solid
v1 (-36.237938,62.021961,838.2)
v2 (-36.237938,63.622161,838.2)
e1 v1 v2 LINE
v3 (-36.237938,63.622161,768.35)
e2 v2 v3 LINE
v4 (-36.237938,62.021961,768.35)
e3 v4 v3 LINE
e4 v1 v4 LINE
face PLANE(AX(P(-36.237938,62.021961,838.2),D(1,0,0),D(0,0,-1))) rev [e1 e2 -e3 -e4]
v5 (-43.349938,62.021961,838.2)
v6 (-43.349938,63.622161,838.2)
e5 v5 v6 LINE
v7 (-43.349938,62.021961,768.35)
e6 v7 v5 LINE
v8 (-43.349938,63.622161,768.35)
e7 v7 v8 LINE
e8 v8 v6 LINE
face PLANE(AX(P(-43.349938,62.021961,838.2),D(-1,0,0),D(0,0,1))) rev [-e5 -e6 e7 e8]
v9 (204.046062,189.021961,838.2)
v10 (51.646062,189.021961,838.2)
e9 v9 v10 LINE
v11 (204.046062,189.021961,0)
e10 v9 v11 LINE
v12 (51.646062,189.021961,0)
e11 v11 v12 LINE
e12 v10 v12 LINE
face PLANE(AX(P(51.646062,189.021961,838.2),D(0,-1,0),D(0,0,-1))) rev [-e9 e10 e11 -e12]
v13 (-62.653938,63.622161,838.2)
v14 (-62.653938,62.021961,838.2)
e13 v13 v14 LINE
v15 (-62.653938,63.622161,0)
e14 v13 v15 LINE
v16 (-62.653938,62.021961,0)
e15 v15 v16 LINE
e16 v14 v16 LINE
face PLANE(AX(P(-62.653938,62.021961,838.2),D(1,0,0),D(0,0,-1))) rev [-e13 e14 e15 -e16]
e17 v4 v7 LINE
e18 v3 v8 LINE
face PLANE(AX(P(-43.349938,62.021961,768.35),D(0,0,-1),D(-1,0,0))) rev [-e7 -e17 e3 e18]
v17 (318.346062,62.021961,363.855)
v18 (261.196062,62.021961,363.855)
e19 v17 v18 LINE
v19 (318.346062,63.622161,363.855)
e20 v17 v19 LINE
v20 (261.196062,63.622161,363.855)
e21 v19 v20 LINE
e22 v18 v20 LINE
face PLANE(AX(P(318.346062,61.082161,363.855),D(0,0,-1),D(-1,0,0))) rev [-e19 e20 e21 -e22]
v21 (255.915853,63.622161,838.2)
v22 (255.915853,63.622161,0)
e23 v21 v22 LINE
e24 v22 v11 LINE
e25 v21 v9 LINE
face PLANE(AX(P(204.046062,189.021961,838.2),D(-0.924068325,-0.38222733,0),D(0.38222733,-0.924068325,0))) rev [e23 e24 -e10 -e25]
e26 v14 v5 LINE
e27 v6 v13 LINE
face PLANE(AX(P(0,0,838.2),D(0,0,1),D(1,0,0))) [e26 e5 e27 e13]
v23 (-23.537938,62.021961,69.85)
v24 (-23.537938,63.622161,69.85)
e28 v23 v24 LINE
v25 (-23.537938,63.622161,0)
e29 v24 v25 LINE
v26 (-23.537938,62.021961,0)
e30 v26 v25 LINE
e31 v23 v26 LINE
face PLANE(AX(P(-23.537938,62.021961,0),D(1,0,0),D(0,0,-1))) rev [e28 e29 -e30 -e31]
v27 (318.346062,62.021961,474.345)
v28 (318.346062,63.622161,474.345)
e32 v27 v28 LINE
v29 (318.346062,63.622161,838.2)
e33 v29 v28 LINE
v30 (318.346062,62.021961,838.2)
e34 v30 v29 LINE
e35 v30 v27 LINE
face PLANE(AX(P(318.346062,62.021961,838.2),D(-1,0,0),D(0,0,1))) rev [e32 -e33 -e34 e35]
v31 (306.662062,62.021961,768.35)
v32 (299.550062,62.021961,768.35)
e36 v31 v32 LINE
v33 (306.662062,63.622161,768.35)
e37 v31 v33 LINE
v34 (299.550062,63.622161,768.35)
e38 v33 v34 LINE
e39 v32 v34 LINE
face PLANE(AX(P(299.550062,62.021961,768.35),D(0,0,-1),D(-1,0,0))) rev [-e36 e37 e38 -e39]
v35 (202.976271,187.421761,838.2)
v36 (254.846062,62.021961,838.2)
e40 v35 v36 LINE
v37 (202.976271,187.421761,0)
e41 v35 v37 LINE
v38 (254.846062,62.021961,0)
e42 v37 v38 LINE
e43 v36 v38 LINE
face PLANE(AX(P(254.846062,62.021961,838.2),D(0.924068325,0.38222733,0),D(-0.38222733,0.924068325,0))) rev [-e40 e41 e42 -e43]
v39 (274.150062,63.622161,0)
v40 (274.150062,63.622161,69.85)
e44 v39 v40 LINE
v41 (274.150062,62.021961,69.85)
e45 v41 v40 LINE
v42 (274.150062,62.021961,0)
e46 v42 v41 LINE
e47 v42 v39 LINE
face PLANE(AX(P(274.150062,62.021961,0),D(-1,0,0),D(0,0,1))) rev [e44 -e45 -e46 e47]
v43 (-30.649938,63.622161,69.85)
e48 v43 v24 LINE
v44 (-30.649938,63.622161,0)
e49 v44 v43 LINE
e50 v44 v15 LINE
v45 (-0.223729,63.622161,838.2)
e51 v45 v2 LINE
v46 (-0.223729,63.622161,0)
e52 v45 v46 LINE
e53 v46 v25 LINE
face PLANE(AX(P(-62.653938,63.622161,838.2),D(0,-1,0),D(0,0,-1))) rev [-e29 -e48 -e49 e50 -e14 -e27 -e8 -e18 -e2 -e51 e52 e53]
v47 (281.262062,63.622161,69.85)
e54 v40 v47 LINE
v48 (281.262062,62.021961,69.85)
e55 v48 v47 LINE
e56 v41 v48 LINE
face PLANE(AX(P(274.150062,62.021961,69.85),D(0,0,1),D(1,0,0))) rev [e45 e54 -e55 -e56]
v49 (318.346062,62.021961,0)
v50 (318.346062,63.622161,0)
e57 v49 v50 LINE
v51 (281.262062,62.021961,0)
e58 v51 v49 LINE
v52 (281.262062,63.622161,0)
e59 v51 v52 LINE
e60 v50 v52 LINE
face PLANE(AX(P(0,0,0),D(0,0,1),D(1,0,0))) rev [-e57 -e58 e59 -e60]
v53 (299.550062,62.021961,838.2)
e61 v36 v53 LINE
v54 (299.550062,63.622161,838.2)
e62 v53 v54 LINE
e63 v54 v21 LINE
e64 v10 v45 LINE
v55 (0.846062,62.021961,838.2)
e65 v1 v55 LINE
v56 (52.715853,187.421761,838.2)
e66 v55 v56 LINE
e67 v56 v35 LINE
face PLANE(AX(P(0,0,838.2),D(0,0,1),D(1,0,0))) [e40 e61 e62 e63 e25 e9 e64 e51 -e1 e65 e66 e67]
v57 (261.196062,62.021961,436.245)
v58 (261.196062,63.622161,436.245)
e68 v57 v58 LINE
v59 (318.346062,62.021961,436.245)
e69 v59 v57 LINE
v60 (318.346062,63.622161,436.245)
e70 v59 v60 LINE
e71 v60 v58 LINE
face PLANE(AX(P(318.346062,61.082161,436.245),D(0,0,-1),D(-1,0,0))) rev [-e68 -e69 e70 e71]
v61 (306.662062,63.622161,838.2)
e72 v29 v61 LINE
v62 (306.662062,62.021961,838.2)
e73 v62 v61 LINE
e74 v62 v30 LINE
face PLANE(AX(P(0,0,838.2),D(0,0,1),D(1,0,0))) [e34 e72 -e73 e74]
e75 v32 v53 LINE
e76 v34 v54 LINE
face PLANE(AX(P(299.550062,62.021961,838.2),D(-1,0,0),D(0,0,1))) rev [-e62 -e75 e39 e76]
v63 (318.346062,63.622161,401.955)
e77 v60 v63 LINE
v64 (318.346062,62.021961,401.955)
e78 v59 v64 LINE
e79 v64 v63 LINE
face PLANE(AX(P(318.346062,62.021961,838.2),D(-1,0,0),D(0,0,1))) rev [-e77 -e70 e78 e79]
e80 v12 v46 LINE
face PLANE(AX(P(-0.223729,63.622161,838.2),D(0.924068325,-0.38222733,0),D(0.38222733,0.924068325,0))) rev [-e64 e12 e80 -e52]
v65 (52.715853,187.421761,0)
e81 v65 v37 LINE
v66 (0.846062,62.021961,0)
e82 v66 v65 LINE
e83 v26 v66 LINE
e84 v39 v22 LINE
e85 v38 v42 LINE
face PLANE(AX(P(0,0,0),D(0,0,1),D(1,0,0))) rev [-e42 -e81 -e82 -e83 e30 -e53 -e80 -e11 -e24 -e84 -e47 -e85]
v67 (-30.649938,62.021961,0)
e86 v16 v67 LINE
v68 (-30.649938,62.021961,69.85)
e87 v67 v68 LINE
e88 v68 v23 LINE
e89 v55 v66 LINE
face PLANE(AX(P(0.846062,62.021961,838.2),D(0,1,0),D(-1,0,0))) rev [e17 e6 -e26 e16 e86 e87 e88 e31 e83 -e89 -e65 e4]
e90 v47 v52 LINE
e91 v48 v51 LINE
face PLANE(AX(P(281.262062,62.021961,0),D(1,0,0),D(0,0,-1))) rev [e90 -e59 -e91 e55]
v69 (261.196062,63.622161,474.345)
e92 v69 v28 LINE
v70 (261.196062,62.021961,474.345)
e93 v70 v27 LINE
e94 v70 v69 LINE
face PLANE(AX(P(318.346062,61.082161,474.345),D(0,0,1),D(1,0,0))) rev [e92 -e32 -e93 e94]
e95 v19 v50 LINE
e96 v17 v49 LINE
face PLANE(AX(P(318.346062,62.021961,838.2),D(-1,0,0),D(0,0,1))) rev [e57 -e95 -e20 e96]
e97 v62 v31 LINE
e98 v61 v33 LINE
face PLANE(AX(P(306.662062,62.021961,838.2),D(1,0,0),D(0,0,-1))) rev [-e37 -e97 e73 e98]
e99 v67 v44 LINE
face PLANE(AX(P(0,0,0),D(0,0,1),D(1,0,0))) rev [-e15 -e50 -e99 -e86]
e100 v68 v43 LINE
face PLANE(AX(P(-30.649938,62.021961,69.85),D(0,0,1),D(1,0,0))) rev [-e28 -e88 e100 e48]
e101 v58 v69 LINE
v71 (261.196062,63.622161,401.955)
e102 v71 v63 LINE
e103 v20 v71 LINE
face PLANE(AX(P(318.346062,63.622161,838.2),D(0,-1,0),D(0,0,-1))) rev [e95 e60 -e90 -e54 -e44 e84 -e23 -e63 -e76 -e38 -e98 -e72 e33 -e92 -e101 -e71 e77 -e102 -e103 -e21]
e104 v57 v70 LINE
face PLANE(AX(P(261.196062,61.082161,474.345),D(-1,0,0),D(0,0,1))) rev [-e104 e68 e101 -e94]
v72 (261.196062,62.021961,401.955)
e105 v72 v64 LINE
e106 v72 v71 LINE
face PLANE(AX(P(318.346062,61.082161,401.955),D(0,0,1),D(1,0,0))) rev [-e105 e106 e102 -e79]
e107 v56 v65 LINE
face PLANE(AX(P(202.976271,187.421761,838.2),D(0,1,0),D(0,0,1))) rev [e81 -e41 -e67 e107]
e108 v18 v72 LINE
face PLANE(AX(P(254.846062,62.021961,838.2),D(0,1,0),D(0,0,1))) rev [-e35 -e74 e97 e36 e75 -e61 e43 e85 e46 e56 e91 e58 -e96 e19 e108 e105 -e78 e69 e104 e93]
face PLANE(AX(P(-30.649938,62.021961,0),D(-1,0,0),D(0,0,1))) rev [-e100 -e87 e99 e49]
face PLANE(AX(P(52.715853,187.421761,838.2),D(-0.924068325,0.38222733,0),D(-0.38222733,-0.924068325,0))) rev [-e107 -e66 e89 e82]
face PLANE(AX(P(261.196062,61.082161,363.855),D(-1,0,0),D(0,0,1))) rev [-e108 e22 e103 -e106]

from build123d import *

# Parameters (mm, degrees)
BOSS_EXTRUDE1_DEPTH = 838.2
SKETCH4_W           = 57.15
SKETCH4_H           = 38.1
CUT_EXTRUDE3_DEPTH  = 2.54
SKETCH5_W           = 7.112
SKETCH5_H           = 69.85
CUT_EXTRUDE4_DEPTH  = 2.6002


with BuildPart() as part:
    # Sketch1 → Boss-Extrude1 (new body)
    with BuildSketch(Plane.XY):
        Polygon((-0.223728527, 63.622161409), (51.646062311, 189.021961409), (204.046062311, 189.021961409), (255.915853149, 63.622161409), (318.346062311, 63.622161409), (318.346062311, 62.021961409), (254.846062311, 62.021961409), (202.976271473, 187.421761409), (52.715853149, 187.421761409), (0.846062311, 62.021961409), (-62.653937689, 62.021961409), (-62.653937689, 63.622161409), align=None)
    extrude(amount=BOSS_EXTRUDE1_DEPTH)

    # Sketch4 → Cut-Extrude3 (cut)
    with BuildSketch(Plane(origin=(0, 63.622161409, 0), x_dir=(1, 0, 0), z_dir=(0, 1, 0))):
        with Locations((289.771062311, -382.905)):
            Rectangle(SKETCH4_W, SKETCH4_H)
        with Locations((289.771062311, -455.295)):
            Rectangle(SKETCH4_W, SKETCH4_H)
    extrude(amount=-CUT_EXTRUDE3_DEPTH, mode=Mode.SUBTRACT)

    # Sketch5 → Cut-Extrude4 (cut, through all)
    with BuildSketch(Plane(origin=(0, 63.622161409, 0), x_dir=(1, 0, 0), z_dir=(0, 1, 0))):
        with Locations((-27.093937689, -34.925)):
            Rectangle(SKETCH5_W, SKETCH5_H)
        with Locations((-39.793937689, -803.275)):
            Rectangle(SKETCH5_W, SKETCH5_H)
        with Locations((277.706062311, -34.925)):
            Rectangle(SKETCH5_W, SKETCH5_H)
        with Locations((303.106062311, -803.275)):
            Rectangle(SKETCH5_W, SKETCH5_H)
    extrude(amount=-CUT_EXTRUDE4_DEPTH, mode=Mode.SUBTRACT)


solid = part.part
